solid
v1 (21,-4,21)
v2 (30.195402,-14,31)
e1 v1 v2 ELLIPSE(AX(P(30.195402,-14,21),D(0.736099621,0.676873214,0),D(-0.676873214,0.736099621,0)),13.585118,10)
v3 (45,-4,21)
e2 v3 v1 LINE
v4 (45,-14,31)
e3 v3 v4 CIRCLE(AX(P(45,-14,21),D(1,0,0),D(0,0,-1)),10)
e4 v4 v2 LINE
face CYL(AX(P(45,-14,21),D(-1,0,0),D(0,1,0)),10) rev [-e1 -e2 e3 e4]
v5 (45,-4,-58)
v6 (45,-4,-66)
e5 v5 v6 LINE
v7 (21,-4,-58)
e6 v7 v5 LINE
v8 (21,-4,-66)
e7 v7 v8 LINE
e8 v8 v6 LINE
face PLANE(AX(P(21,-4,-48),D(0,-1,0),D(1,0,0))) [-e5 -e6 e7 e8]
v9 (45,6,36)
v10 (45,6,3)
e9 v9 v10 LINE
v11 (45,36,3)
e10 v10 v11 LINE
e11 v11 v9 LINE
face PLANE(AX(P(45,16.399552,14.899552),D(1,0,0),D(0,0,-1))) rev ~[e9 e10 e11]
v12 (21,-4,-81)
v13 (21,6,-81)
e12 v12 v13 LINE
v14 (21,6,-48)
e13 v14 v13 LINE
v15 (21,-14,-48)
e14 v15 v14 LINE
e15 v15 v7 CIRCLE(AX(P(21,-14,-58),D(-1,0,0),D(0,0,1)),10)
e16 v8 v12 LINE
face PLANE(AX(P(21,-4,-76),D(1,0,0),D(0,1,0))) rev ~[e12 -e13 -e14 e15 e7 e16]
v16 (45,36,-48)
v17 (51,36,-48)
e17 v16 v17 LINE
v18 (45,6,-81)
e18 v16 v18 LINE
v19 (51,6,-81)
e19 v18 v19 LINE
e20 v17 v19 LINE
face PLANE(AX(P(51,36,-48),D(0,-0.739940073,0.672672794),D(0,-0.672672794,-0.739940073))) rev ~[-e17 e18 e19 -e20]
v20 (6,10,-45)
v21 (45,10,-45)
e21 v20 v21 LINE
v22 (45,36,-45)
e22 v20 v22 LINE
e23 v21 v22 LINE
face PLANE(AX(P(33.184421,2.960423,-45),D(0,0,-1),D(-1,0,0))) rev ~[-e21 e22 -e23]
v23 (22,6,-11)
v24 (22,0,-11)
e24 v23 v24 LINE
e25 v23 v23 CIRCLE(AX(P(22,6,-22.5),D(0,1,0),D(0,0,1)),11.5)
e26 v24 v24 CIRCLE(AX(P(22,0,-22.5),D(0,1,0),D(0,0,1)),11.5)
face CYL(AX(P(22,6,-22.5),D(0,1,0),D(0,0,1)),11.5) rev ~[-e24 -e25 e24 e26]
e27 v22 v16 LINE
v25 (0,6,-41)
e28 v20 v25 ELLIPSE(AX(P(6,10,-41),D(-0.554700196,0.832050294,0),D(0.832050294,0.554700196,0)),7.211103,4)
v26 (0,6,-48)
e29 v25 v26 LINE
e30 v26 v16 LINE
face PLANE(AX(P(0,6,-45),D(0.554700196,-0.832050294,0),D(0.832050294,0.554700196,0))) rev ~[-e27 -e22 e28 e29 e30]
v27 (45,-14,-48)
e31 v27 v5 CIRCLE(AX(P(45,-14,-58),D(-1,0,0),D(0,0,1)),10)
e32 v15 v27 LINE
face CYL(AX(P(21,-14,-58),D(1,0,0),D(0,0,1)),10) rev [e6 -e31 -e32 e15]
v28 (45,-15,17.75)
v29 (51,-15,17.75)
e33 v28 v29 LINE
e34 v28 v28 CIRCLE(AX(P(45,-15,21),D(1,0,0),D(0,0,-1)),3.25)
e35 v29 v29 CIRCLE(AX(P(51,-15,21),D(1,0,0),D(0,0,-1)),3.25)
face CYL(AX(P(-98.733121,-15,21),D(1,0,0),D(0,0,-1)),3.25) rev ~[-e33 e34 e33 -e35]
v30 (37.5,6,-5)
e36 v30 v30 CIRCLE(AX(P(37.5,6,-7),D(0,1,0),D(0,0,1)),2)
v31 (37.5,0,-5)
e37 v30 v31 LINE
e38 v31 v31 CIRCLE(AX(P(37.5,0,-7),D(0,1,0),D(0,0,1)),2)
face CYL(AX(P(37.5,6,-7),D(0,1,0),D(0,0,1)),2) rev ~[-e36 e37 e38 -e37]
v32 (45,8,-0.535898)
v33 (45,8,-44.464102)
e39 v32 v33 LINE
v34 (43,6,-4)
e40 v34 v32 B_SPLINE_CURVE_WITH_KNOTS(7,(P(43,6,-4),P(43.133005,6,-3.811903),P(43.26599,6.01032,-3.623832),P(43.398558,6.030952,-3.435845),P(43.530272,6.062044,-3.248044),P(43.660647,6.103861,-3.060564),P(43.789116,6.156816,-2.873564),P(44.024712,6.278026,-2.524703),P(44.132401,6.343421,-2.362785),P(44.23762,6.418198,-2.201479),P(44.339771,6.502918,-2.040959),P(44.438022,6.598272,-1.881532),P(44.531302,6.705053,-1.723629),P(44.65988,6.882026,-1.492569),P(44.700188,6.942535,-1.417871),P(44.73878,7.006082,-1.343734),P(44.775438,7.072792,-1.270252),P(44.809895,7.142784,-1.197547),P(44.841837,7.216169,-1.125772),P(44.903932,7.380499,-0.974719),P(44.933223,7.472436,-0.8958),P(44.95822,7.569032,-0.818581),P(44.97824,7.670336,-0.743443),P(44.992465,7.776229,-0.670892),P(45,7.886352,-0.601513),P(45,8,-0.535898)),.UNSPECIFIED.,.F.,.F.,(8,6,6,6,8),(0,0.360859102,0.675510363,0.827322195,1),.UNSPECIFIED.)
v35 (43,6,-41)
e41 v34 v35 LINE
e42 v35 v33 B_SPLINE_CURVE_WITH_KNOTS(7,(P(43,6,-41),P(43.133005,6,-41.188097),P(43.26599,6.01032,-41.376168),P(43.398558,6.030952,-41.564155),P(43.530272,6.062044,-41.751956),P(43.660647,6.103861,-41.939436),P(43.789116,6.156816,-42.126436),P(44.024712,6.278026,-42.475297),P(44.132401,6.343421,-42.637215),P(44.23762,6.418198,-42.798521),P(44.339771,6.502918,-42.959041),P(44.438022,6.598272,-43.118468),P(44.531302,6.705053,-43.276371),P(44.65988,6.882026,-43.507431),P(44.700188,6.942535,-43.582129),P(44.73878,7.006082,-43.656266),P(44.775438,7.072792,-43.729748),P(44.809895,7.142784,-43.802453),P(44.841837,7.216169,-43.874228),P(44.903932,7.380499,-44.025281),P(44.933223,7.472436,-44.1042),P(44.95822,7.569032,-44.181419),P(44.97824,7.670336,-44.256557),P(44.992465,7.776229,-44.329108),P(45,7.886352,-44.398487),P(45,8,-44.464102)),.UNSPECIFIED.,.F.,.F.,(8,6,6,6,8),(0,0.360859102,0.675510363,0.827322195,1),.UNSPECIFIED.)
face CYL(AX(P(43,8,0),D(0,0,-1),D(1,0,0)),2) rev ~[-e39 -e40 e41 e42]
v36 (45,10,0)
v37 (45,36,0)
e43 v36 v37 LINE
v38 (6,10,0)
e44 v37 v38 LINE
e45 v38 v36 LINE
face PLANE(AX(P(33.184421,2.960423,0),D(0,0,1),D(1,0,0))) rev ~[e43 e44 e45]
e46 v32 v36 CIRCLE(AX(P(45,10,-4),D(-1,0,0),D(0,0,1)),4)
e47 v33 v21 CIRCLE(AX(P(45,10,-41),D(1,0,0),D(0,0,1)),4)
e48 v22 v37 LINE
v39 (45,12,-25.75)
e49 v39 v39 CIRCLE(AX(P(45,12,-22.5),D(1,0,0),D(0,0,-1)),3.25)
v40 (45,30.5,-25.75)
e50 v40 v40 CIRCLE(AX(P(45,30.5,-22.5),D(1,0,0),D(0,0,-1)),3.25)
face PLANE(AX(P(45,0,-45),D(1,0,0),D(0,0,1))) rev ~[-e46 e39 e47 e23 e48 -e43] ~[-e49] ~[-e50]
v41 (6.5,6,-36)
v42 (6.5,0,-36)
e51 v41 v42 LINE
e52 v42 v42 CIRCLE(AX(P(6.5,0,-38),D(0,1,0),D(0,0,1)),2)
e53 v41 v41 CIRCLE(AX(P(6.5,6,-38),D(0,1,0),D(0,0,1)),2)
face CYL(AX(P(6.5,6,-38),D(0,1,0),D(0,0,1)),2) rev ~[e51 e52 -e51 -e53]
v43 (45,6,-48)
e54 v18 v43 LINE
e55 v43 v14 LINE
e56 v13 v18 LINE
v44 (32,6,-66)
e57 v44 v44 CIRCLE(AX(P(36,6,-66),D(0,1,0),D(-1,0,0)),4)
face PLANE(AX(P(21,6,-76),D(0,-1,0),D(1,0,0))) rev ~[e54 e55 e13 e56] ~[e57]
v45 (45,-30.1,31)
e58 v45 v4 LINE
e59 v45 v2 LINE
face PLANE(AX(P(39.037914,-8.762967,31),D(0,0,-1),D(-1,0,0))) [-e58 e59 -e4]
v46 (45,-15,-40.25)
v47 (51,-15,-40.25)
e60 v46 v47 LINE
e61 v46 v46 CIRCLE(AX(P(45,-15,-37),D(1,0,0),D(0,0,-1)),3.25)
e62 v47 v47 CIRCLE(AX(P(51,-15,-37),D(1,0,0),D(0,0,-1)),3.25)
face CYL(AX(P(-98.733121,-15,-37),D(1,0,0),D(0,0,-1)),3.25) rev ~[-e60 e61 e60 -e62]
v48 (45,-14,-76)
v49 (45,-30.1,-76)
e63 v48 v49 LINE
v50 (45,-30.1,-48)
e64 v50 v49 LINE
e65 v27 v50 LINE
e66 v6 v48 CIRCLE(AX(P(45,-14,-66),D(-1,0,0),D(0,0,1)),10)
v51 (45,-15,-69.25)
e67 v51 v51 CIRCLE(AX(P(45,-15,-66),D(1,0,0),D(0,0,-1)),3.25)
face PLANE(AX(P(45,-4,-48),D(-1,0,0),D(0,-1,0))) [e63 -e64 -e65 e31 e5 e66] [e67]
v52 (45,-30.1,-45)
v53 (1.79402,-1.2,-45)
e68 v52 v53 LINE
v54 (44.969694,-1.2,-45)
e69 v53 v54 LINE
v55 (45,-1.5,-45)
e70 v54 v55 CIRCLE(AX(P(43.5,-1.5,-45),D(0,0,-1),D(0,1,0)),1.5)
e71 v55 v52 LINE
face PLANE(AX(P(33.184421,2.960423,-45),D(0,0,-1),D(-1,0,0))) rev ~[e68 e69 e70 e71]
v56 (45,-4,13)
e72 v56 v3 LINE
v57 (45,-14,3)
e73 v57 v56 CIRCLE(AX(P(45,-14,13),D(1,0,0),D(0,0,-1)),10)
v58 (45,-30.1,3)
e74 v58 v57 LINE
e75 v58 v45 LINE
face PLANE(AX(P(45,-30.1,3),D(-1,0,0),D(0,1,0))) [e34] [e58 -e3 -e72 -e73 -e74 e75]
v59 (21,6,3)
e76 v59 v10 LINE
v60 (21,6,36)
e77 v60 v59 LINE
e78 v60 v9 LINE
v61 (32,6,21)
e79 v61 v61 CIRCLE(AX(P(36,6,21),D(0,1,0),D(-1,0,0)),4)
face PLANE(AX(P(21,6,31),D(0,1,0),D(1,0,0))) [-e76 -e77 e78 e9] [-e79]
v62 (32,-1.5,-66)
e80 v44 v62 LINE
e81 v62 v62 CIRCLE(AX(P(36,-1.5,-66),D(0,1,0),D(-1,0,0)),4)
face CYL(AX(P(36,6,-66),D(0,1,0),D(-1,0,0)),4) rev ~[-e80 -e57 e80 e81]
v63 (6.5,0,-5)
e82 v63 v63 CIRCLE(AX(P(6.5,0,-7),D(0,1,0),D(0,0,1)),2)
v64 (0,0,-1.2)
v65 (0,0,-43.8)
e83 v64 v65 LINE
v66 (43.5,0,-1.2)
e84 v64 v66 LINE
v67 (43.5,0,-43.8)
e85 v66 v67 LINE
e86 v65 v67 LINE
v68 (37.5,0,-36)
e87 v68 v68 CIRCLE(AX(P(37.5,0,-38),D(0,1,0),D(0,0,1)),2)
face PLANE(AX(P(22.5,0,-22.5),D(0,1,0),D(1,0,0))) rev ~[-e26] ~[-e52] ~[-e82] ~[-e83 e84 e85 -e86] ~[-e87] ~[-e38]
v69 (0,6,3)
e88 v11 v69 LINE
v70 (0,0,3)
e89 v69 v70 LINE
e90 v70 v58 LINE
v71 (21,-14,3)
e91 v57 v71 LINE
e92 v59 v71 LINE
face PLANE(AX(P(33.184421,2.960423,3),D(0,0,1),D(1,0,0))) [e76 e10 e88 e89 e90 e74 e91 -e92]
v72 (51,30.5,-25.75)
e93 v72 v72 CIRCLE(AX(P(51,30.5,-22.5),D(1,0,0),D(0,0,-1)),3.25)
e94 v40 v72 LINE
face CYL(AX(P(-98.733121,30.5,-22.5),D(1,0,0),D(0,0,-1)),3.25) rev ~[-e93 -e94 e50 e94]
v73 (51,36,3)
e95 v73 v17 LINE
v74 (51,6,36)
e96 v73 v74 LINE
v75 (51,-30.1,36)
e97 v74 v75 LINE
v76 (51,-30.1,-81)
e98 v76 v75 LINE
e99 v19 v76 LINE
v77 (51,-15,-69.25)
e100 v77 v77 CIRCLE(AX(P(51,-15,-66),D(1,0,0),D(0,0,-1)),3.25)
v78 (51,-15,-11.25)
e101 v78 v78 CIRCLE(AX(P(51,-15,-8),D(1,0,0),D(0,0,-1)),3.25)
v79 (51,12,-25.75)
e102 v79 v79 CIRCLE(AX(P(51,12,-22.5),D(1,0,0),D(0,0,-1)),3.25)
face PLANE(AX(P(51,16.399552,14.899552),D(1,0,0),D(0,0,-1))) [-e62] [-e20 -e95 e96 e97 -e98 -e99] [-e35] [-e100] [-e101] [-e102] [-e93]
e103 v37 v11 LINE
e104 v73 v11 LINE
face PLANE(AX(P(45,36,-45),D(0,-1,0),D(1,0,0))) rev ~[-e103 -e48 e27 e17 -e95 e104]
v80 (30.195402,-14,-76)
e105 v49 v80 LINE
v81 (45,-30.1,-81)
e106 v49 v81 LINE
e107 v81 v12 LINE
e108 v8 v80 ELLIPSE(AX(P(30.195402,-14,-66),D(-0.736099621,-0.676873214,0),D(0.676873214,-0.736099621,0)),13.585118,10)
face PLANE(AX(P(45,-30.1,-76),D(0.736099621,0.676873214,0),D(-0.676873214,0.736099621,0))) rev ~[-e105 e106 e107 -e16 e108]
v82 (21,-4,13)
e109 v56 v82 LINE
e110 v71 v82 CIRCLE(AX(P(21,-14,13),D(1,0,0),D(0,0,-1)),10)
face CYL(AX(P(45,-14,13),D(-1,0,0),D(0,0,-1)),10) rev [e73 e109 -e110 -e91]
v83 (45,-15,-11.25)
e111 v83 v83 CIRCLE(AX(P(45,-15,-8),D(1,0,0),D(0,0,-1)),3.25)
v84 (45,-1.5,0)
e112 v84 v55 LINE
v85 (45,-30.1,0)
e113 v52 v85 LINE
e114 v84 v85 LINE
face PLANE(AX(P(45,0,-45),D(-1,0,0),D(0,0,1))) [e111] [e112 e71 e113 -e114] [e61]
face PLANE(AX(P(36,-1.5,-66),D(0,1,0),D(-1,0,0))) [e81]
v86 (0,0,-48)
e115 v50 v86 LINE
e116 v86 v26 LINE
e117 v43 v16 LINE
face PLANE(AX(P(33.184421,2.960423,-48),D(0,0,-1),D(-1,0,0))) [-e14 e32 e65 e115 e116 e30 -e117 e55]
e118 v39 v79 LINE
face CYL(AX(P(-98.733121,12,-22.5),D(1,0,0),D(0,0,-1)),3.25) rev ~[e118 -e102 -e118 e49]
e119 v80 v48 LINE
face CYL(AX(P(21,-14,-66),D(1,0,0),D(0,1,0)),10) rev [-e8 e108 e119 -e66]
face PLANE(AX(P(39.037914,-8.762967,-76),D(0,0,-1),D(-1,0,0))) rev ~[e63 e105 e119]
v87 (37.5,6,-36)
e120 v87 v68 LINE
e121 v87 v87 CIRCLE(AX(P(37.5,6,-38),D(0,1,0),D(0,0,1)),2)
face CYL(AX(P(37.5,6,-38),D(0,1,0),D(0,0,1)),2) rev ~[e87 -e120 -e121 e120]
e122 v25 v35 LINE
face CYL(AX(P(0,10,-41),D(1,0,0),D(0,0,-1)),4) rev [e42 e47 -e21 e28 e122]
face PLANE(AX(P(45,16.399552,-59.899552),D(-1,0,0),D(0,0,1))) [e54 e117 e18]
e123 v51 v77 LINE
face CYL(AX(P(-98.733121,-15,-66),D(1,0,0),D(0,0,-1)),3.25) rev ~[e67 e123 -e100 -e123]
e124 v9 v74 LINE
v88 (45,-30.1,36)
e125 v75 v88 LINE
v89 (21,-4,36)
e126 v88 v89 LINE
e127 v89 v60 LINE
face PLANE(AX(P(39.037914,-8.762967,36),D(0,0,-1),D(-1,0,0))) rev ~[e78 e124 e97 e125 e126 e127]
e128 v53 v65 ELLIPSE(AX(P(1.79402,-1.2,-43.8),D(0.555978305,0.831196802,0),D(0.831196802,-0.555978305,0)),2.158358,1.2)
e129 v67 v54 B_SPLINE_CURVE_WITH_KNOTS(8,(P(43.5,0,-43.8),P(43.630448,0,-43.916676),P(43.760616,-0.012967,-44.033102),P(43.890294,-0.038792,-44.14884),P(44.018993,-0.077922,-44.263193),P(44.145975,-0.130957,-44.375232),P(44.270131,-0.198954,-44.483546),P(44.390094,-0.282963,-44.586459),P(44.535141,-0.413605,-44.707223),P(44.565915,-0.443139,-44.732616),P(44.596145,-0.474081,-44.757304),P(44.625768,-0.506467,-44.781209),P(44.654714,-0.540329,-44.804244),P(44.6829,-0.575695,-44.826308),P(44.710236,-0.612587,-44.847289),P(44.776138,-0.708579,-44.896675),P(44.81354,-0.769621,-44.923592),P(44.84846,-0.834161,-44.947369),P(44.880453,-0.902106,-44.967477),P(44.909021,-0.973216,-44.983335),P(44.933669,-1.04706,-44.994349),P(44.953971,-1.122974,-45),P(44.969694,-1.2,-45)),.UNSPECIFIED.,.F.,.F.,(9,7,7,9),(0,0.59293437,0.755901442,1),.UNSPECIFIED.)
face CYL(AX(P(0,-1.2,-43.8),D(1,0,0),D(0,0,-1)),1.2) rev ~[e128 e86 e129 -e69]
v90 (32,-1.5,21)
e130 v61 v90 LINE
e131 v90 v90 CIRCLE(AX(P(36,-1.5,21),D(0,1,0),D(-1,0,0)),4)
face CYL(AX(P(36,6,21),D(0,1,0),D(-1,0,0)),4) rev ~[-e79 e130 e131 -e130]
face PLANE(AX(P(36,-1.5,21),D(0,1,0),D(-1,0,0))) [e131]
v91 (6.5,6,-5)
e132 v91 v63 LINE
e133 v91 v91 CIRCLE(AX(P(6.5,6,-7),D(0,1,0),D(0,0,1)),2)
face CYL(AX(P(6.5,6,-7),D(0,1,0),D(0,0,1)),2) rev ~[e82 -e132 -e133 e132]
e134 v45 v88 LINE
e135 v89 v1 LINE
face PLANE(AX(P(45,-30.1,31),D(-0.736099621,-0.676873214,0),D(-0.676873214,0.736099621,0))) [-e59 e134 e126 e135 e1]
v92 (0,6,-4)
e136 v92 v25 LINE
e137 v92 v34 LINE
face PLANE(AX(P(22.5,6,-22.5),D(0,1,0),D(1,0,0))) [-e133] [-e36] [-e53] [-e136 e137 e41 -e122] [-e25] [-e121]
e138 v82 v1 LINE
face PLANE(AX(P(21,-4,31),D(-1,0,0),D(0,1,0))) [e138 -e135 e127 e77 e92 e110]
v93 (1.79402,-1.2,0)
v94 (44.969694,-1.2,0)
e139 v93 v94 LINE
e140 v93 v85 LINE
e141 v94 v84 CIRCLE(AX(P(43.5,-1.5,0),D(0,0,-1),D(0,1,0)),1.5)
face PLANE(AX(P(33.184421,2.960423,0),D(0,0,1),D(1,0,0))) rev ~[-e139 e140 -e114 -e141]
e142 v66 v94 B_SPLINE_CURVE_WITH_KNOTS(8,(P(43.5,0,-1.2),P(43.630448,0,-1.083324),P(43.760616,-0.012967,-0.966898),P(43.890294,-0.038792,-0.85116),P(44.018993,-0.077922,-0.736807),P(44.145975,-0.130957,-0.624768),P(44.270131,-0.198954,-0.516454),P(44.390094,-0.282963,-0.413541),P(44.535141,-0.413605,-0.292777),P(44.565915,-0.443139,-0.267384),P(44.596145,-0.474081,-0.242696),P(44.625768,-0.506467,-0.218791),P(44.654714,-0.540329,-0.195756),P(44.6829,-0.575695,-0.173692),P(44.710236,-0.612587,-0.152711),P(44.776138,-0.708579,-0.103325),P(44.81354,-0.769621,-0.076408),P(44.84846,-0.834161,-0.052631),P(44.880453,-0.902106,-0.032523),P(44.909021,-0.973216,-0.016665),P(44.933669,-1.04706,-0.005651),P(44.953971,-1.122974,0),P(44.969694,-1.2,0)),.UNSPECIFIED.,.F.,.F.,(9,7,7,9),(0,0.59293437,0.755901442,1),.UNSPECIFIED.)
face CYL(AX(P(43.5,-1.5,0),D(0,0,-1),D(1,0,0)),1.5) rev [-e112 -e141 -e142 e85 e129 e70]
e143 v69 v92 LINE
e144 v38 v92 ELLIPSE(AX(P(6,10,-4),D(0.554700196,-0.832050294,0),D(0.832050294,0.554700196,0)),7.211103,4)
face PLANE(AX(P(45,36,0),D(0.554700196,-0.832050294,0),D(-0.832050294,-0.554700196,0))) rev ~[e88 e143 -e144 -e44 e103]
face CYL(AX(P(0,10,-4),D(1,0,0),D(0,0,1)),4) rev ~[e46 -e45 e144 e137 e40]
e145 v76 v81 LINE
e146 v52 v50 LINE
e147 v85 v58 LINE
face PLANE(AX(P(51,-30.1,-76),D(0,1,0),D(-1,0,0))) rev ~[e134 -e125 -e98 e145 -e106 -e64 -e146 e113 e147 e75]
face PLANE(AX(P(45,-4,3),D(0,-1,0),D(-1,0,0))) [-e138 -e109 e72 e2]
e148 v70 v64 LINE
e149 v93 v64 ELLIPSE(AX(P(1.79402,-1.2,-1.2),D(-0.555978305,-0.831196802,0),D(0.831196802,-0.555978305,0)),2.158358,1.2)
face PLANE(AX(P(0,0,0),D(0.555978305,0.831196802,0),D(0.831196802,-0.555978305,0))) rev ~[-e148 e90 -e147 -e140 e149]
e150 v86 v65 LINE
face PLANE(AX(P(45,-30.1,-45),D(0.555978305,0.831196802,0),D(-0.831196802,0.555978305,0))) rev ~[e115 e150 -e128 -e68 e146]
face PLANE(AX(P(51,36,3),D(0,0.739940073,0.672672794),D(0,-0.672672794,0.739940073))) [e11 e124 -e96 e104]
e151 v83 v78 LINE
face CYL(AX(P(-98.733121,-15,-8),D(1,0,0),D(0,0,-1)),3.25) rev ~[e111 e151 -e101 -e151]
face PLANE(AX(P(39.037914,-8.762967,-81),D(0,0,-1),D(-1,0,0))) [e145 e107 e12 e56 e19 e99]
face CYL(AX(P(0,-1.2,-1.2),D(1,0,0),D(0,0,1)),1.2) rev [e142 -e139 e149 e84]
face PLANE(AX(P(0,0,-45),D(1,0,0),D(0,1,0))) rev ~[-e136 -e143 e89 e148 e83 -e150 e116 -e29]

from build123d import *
from OCP.BRepFilletAPI import BRepFilletAPI_MakeFillet

# Parameters (mm, degrees)
SKETCH2_W                  = 45
SKETCH2_H                  = 45
BOSS_EXTRUDE1_DEPTH        = 6
SKETCH4_R                  = 11.5
SKETCH4_R_2                = 2
CUT_EXTRUDE1_DEPTH         = 64.921827258
SKETCH5_W                  = 6
SKETCH5_H                  = 45
BOSS_EXTRUDE2_DEPTH        = 30.1
BOSS_EXTRUDE2_DEPTH_BACK   = 36
BOSS_EXTRUDE3_DEPTH        = 3
BOSS_EXTRUDE4_DEPTH        = 3
BOSS_EXTRUDE5_DEPTH        = 28
BOSS_EXTRUDE6_DEPTH        = 5
FILLET3_R                  = 10
FILLET4_R1                 = 4
FILLET4_R2                 = 2
FILLET4_R3                 = 1.2
FILLET4_R4                 = 1.5
BOSS_EXTRUDE7_DEPTH        = 28
BOSS_EXTRUDE8_DEPTH        = 5
FILLET5_R                  = 10
F_6_5_6_5_DIAMETER_HOLE1_D = 6.5
SKETCH14_R                 = 4
CUT_EXTRUDE2_DEPTH         = 7.5
BOSS_EXTRUDE9_DEPTH        = 6


with BuildPart() as part:
    # Sketch2 → Boss-Extrude1 (new body)
    with BuildSketch(Plane(origin=(0, 0, 0), x_dir=(1, 0, 0), z_dir=(0, 1, 0))):
        with Locations((22.5, 22.5)):
            Rectangle(SKETCH2_W, SKETCH2_H)
    extrude(amount=BOSS_EXTRUDE1_DEPTH)

    # Sketch4 → Cut-Extrude1 (cut, through all)
    with BuildSketch(Plane(origin=(0, 6, 0), x_dir=(-1, 0, 0), z_dir=(0, 1, 0))):
        with Locations(Location((-22, -22.5, 0), (0, 0, 90))):
            Circle(SKETCH4_R)
        with Locations(Location((-37.5, -7, 0), (0, 0, 90))):
            Circle(SKETCH4_R_2)
        with Locations(Location((-6.5, -7, 0), (0, 0, 90))):
            Circle(SKETCH4_R_2)
        with Locations(Location((-6.5, -38, 0), (0, 0, 90))):
            Circle(SKETCH4_R_2)
        with Locations(Location((-37.5, -38, 0), (0, 0, 90))):
            Circle(SKETCH4_R_2)
    extrude(amount=-CUT_EXTRUDE1_DEPTH, mode=Mode.SUBTRACT)

    # Sketch5 → Boss-Extrude2 (add, two sides)
    with BuildSketch(Plane.XZ) as boss_extrude2_sk:
        with Locations((48, -22.5)):
            Rectangle(SKETCH5_W, SKETCH5_H)
    extrude(amount=BOSS_EXTRUDE2_DEPTH)
    extrude(boss_extrude2_sk.sketch, amount=-BOSS_EXTRUDE2_DEPTH_BACK)

    # Sketch8 → Boss-Extrude3 (add)
    with BuildSketch(Plane.XY):
        Polygon((45, 36), (0, 6), (0, 0), (45, -30.1), (51, -30.1), (51, 36), align=None)
    extrude(amount=BOSS_EXTRUDE3_DEPTH)

    # Sketch9 → Boss-Extrude4 (add)
    with BuildSketch(Plane(origin=(0, 0, -45), x_dir=(-1, 0, 0), z_dir=(0, 0, -1))):
        Polygon((0, 6), (-45, 36), (-51, 36), (-51, -30.1), (-45, -30.1), (0, 0), align=None)
    extrude(amount=BOSS_EXTRUDE4_DEPTH)

    # Sketch11 → Boss-Extrude5 (add)
    with BuildSketch(Plane.XY.offset(3)):
        Polygon((51, -30.1), (45, -30.1), (45, -4), (21, -4), (21, 6), (51, 6), align=None)
    extrude(amount=BOSS_EXTRUDE5_DEPTH)

    # Sketch12 → Boss-Extrude6 (add)
    with BuildSketch(Plane.XY.offset(31)):
        Polygon((45, -30.1), (21, -4), (21, 6), (51, 6), (51, -30.1), align=None)
    extrude(amount=BOSS_EXTRUDE6_DEPTH)

    # Fillet3
    fillet3_edges = [part.edges().sort_by_distance(p)[0] for p in [
        (33, -4, 3),
        (33, -4, 31),
    ]]
    fillet(fillet3_edges, radius=FILLET3_R)

    # Fillet4: one fillet with a radius per group of edges: ONE call of the kernel's fillet builder (fillet() takes one radius for all edges)
    fillet4_edges_1 = [part.edges().sort_by_distance(p)[0] for p in [
        (22.5, 6, -45),
        (22.5, 6, 0),
    ]]
    fillet4_edges_2 = [part.edges().sort_by_distance(p)[0] for p in [
        (45, 6, -22.5),
    ]]
    fillet4_edges_3 = [part.edges().sort_by_distance(p)[0] for p in [
        (22.5, 0, -45),
        (22.5, 0, 0),
    ]]
    fillet4_edges_4 = [part.edges().sort_by_distance(p)[0] for p in [
        (45, 0, -22.5),
    ]]
    fillet4 = BRepFilletAPI_MakeFillet(part.part.solid().wrapped)
    for e in fillet4_edges_1:
        fillet4.Add(FILLET4_R1, e.wrapped)
    for e in fillet4_edges_2:
        fillet4.Add(FILLET4_R2, e.wrapped)
    for e in fillet4_edges_3:
        fillet4.Add(FILLET4_R3, e.wrapped)
    for e in fillet4_edges_4:
        fillet4.Add(FILLET4_R4, e.wrapped)
    add(Compound.cast(fillet4.Shape()), mode=Mode.REPLACE)

    # Sketch15 → Boss-Extrude7 (add)
    with BuildSketch(Plane(origin=(0, 0, -48), x_dir=(-1, 0, 0), z_dir=(0, 0, -1))):
        Polygon((-51, -30.1), (-51, 6), (-21, 6), (-21, -4), (-45, -4), (-45, -30.1), align=None)
    extrude(amount=BOSS_EXTRUDE7_DEPTH)

    # Sketch16 → Boss-Extrude8 (add)
    with BuildSketch(Plane(origin=(0, 0, -76), x_dir=(-1, 0, 0), z_dir=(0, 0, -1))):
        Polygon((-45, -30.1), (-21, -4), (-21, 6), (-51, 6), (-51, -30.1), align=None)
    extrude(amount=BOSS_EXTRUDE8_DEPTH)

    # Fillet5
    fillet5_edges = [part.edges().sort_by_distance(p)[0] for p in [
        (33, -4, -48),
        (33, -4, -76),
    ]]
    fillet(fillet5_edges, radius=FILLET5_R)

    # 6.5 _6.5_ Diameter Hole1 (through all)
    with Locations(Plane.ZY.offset(-45)):
        with Locations((-22.5, 12), (-22.5, 30.5), (-37, -15), (-8, -15), (21, -15), (-66, -15)):
            Hole(F_6_5_6_5_DIAMETER_HOLE1_D / 2)

    # Sketch14 → Cut-Extrude2 (cut)
    with BuildSketch(Plane(origin=(0, 6, 0), x_dir=(1, 0, 0), z_dir=(0, 1, 0))):
        with Locations(Location((36, -21, 0), (0, 0, 180))):
            Circle(SKETCH14_R)
        with Locations(Location((36, 66, 0), (0, 0, 180))):
            Circle(SKETCH14_R)
    extrude(amount=-CUT_EXTRUDE2_DEPTH, mode=Mode.SUBTRACT)

    # Sketch17 → Boss-Extrude9 (add)
    with BuildSketch(Plane(origin=(51, 0, 0), x_dir=(0, 0, -1), z_dir=(1, 0, 0))):
        Polygon((-3, 36), (-36, 6), (-3, 6), align=None)
        Polygon((48, 36), (81, 6), (48, 6), align=None)
    extrude(amount=-BOSS_EXTRUDE9_DEPTH)


solid = part.part
